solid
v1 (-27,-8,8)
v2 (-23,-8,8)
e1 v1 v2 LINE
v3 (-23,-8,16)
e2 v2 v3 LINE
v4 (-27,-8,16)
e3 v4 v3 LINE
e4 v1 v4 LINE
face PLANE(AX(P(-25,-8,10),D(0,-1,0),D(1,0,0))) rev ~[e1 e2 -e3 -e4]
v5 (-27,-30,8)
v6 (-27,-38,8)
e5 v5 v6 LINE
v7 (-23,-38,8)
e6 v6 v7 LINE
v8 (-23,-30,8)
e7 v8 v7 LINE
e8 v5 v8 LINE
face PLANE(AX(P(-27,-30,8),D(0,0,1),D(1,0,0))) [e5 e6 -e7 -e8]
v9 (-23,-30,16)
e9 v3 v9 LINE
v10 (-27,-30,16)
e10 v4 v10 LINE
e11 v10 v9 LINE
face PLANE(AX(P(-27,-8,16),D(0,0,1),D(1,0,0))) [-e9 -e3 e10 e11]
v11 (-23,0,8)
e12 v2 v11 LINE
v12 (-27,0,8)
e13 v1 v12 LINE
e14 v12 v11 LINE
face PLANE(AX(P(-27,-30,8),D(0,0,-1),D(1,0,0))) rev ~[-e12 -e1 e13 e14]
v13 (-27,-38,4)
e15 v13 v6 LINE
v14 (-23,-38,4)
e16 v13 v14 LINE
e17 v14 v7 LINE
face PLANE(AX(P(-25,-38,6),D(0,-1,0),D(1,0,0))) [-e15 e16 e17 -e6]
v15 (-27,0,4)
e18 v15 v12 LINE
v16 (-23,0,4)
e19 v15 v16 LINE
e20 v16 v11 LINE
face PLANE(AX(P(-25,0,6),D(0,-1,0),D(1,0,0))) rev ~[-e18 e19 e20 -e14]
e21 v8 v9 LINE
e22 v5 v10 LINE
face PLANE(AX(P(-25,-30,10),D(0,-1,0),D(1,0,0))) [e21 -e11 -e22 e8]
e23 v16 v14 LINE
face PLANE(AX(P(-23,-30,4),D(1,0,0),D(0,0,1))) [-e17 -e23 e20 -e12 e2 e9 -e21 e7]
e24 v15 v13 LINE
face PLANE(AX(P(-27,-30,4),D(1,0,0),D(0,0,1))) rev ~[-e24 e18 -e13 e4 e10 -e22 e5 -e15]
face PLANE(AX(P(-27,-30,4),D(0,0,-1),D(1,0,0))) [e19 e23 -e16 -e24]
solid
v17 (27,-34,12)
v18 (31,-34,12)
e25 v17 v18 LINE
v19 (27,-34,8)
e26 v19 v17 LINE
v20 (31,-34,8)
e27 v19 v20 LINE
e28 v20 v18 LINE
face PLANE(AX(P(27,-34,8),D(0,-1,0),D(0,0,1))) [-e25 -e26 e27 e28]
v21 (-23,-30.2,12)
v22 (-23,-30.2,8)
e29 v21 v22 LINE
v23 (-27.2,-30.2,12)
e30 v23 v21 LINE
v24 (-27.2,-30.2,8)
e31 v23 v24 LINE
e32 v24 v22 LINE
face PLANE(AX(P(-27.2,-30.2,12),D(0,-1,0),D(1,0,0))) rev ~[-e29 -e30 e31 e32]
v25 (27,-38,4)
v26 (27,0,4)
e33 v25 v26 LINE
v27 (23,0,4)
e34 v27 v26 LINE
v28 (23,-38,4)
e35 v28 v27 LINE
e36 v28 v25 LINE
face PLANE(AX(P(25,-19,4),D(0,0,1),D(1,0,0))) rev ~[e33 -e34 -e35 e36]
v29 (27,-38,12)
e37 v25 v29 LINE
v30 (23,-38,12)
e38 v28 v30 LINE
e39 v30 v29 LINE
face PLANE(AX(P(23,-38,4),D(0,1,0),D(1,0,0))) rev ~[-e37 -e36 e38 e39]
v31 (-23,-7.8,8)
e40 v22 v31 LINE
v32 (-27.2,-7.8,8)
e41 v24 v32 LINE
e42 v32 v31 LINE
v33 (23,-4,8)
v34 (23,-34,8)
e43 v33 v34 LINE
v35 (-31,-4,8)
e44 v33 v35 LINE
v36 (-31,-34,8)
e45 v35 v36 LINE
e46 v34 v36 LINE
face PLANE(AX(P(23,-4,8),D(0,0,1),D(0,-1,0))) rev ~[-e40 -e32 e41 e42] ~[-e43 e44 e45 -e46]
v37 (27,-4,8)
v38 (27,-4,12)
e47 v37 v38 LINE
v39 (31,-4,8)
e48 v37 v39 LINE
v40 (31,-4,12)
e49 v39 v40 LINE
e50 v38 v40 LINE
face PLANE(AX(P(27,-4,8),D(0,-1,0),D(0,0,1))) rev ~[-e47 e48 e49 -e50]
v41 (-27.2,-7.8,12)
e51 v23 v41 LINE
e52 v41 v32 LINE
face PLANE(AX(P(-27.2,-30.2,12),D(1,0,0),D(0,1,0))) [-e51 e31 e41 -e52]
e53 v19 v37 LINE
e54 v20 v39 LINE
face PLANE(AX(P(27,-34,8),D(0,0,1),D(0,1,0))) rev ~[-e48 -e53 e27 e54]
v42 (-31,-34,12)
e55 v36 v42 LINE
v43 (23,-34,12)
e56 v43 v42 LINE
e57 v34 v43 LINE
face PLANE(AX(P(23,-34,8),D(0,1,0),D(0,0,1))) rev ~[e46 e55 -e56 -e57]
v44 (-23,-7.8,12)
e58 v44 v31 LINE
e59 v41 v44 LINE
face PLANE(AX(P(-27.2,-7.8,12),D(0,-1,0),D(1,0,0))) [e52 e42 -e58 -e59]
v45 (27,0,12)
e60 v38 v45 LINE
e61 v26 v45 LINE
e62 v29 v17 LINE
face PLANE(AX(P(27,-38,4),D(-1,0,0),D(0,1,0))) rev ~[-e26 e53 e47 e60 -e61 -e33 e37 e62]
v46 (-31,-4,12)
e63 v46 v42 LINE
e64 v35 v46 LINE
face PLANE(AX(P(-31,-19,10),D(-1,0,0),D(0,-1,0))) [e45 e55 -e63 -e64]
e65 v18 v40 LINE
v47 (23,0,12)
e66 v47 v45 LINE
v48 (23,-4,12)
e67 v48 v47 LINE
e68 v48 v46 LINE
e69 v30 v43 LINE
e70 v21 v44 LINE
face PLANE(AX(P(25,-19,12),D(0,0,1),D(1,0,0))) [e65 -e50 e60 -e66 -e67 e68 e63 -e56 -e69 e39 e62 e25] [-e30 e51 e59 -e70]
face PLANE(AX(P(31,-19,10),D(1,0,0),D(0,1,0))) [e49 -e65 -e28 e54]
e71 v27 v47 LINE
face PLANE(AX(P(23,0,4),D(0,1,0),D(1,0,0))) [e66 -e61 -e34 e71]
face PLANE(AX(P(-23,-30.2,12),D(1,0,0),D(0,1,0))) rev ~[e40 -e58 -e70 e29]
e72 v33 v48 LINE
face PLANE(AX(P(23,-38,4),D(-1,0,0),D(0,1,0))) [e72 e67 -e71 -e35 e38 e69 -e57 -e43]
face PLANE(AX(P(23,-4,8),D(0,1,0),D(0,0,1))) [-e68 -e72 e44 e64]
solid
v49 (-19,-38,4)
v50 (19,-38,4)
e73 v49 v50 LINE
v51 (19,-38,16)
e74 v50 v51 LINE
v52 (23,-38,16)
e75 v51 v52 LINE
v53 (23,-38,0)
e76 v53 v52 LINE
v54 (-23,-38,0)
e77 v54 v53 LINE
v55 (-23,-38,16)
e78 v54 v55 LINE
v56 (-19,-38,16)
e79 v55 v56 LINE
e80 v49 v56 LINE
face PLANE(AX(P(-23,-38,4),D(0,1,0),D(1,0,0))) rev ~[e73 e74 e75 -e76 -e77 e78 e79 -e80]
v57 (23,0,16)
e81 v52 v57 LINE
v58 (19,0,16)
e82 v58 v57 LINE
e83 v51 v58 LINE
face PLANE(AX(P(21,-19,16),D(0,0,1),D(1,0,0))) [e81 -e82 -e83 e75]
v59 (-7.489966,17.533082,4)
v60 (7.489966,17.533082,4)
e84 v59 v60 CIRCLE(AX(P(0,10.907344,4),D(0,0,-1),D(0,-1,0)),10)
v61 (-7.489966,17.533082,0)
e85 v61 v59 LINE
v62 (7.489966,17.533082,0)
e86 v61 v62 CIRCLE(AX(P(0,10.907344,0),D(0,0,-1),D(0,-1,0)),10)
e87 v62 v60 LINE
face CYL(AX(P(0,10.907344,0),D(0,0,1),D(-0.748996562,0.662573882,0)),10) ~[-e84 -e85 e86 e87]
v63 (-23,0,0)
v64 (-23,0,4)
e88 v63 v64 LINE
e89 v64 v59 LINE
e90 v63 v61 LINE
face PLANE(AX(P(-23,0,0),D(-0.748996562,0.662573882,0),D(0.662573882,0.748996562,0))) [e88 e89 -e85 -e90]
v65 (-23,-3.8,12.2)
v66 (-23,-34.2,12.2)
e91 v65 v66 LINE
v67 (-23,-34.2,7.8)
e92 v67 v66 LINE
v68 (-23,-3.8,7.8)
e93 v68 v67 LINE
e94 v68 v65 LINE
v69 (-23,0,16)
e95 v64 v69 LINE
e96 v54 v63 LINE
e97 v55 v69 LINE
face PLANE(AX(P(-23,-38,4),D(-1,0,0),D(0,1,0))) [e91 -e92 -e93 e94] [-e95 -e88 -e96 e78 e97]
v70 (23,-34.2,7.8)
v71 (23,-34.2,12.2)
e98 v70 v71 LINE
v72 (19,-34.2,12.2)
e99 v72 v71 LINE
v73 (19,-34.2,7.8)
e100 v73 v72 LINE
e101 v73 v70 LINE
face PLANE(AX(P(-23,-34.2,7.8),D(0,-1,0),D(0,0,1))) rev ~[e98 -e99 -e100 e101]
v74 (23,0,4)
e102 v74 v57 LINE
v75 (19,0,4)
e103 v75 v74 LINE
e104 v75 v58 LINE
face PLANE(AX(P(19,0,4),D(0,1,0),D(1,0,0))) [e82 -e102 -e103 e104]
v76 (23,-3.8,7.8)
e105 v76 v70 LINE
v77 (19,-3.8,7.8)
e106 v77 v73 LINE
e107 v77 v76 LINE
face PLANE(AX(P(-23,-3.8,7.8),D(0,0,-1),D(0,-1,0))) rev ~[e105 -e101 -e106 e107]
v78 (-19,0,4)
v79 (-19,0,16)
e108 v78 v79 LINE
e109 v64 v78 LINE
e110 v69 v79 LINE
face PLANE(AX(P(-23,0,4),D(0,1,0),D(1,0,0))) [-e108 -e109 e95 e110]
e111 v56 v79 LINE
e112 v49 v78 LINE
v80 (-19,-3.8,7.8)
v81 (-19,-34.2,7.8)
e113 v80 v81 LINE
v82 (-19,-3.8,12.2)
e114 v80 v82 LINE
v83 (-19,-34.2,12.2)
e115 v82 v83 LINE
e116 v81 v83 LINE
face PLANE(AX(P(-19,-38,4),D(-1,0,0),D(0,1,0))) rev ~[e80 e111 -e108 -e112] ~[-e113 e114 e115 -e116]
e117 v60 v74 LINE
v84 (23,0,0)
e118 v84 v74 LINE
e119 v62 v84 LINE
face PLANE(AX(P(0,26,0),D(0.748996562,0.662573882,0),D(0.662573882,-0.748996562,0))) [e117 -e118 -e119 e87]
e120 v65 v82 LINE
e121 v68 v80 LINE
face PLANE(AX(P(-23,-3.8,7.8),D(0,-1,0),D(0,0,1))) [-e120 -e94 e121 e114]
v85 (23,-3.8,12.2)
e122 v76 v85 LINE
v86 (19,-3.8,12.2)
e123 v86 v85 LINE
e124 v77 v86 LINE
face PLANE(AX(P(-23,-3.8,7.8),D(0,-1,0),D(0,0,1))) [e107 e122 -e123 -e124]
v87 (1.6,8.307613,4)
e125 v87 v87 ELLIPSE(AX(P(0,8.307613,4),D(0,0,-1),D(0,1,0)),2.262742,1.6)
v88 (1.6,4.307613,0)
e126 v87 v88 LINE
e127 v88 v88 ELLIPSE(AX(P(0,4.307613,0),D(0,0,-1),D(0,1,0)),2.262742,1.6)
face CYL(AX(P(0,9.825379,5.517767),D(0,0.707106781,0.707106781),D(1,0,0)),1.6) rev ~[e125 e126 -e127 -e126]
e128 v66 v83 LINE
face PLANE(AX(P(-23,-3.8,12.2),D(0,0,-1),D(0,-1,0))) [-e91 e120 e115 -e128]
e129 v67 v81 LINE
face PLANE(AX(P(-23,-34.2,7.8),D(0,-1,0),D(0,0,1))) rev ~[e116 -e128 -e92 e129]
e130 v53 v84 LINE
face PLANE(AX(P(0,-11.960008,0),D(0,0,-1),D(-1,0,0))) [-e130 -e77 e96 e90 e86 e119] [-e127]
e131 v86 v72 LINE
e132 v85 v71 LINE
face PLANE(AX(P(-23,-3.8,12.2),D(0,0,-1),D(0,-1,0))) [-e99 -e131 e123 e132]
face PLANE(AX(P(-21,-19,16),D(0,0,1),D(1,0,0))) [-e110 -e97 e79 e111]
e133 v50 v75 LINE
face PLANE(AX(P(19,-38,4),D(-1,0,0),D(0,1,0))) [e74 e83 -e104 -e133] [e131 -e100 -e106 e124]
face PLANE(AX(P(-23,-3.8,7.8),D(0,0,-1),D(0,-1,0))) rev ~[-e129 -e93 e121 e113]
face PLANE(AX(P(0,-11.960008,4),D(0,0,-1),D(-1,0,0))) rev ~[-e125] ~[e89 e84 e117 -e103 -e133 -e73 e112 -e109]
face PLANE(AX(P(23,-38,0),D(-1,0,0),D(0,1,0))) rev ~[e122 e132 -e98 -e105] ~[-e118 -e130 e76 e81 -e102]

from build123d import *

# Parameters (mm, degrees)
PAD_DEPTH         = 4
SKETCH001_R       = 1.6
POCKET_DEPTH      = 37.7203
SKETCH002_W       = 4
SKETCH002_H       = 38
PAD001_DEPTH      = 12
SKETCH003_W       = 30.4
SKETCH003_H       = 4.4
POCKET001_DEPTH   = 46.001
FILLET_R          = 10
PAD002_START      = 4
SKETCH004_W       = 4
SKETCH004_H       = 38
PAD002_DEPTH      = 8
SKETCH005_W       = 30
SKETCH005_H       = 4
PAD003_DEPTH      = 54
SKETCH006_W       = 4.2
SKETCH006_H       = 22.4
POCKET002_DEPTH   = 4
SKETCH009_W       = 30
SKETCH009_H       = 4
PAD006_DEPTH      = 4
PAD004_START      = 8
SKETCH007_W       = 4
SKETCH007_H       = 12
PAD004_DEPTH      = 22
SKETCH008_W       = 4
SKETCH008_H       = 4
PAD005_DEPTH      = 8
PAD005_DEPTH_BACK = 30


with BuildPart() as base_body:
    # Sketch → Pad (new body)
    with BuildSketch(Plane.XY):
        Polygon((-23, -38), (-23, 0), (0, 26), (23, 0), (23, -4), (23, -34), (23, -38), (19, -38), (-19, -38), align=None)
    extrude(amount=PAD_DEPTH)

    # Sketch001 (on Face11 of Pad) → Pocket (cut, through all)
    with BuildSketch(Plane(origin=(0, 0.979185, 14.363961), x_dir=(1, 0, 0), z_dir=(0, 0.707107, 0.707107))):
        with Locations((0, 12.510408)):
            Circle(SKETCH001_R)
    extrude(amount=-POCKET_DEPTH, mode=Mode.SUBTRACT)

    # Sketch002 (on Face11 of Pad) → Pad001 (join)
    with BuildSketch(Plane.XY.offset(4)):
        with Locations((-21, -19)):
            Rectangle(SKETCH002_W, SKETCH002_H)
        with Locations((21, -19)):
            Rectangle(SKETCH002_W, SKETCH002_H)
    extrude(amount=PAD001_DEPTH)

    # Sketch003 (on Face5 of Pad001) → Pocket001 (cut, through all)
    with BuildSketch(Plane(origin=(-23, 0, 0), x_dir=(0, -1, 0), z_dir=(-1, 0, 0))):
        with Locations((19, 10)):
            Rectangle(SKETCH003_W, SKETCH003_H)
    extrude(amount=-POCKET001_DEPTH, mode=Mode.SUBTRACT)

    # Fillet
    fillet_edges = [base_body.edges().sort_by_distance(p)[0] for p in [
        (0, 26, 2),
    ]]
    fillet(fillet_edges, radius=FILLET_R)


with BuildPart() as pin:
    # Sketch004 → Pad002 (new body)
    with BuildSketch(Plane.XY.offset(PAD002_START)):
        with Locations((25, -19)):
            Rectangle(SKETCH004_W, SKETCH004_H)
    extrude(amount=PAD002_DEPTH)

    # Sketch005 (on Face2 of Pad002) → Pad003 (join)
    with BuildSketch(Plane(origin=(23, 0, 0), x_dir=(0, -1, 0), z_dir=(-1, 0, 0))):
        with Locations((19, 10)):
            Rectangle(SKETCH005_W, SKETCH005_H)
    extrude(amount=PAD003_DEPTH)

    # Sketch006 (on Face10 of Pad003) → Pocket002 (cut)
    with BuildSketch(Plane.XY.offset(12)):
        with Locations((-25.1, -19)):
            Rectangle(SKETCH006_W, SKETCH006_H)
    extrude(amount=-POCKET002_DEPTH, mode=Mode.SUBTRACT)

    # Sketch009 (on Face2 of Pocket002) → Pad006 (join)
    with BuildSketch(Plane.YZ.offset(27)):
        with Locations((-19, 10)):
            Rectangle(SKETCH009_W, SKETCH009_H)
    extrude(amount=PAD006_DEPTH)


with BuildPart() as locking_pin:
    # Sketch007 → Pad004 (new body)
    with BuildSketch(Plane.XZ.offset(PAD004_START)):
        with Locations((-25, 10)):
            Rectangle(SKETCH007_W, SKETCH007_H)
    extrude(amount=PAD004_DEPTH)

    # Sketch008 (on Face6 of Pad004) → Pad005 (join, two sides)
    with BuildSketch(Plane.XZ.offset(30)) as pad005_sk:
        with Locations((-25, 6)):
            Rectangle(SKETCH008_W, SKETCH008_H)
    extrude(amount=PAD005_DEPTH)
    extrude(pad005_sk.sketch, amount=-PAD005_DEPTH_BACK)


solid = Compound([base_body.part, pin.part, locking_pin.part])
